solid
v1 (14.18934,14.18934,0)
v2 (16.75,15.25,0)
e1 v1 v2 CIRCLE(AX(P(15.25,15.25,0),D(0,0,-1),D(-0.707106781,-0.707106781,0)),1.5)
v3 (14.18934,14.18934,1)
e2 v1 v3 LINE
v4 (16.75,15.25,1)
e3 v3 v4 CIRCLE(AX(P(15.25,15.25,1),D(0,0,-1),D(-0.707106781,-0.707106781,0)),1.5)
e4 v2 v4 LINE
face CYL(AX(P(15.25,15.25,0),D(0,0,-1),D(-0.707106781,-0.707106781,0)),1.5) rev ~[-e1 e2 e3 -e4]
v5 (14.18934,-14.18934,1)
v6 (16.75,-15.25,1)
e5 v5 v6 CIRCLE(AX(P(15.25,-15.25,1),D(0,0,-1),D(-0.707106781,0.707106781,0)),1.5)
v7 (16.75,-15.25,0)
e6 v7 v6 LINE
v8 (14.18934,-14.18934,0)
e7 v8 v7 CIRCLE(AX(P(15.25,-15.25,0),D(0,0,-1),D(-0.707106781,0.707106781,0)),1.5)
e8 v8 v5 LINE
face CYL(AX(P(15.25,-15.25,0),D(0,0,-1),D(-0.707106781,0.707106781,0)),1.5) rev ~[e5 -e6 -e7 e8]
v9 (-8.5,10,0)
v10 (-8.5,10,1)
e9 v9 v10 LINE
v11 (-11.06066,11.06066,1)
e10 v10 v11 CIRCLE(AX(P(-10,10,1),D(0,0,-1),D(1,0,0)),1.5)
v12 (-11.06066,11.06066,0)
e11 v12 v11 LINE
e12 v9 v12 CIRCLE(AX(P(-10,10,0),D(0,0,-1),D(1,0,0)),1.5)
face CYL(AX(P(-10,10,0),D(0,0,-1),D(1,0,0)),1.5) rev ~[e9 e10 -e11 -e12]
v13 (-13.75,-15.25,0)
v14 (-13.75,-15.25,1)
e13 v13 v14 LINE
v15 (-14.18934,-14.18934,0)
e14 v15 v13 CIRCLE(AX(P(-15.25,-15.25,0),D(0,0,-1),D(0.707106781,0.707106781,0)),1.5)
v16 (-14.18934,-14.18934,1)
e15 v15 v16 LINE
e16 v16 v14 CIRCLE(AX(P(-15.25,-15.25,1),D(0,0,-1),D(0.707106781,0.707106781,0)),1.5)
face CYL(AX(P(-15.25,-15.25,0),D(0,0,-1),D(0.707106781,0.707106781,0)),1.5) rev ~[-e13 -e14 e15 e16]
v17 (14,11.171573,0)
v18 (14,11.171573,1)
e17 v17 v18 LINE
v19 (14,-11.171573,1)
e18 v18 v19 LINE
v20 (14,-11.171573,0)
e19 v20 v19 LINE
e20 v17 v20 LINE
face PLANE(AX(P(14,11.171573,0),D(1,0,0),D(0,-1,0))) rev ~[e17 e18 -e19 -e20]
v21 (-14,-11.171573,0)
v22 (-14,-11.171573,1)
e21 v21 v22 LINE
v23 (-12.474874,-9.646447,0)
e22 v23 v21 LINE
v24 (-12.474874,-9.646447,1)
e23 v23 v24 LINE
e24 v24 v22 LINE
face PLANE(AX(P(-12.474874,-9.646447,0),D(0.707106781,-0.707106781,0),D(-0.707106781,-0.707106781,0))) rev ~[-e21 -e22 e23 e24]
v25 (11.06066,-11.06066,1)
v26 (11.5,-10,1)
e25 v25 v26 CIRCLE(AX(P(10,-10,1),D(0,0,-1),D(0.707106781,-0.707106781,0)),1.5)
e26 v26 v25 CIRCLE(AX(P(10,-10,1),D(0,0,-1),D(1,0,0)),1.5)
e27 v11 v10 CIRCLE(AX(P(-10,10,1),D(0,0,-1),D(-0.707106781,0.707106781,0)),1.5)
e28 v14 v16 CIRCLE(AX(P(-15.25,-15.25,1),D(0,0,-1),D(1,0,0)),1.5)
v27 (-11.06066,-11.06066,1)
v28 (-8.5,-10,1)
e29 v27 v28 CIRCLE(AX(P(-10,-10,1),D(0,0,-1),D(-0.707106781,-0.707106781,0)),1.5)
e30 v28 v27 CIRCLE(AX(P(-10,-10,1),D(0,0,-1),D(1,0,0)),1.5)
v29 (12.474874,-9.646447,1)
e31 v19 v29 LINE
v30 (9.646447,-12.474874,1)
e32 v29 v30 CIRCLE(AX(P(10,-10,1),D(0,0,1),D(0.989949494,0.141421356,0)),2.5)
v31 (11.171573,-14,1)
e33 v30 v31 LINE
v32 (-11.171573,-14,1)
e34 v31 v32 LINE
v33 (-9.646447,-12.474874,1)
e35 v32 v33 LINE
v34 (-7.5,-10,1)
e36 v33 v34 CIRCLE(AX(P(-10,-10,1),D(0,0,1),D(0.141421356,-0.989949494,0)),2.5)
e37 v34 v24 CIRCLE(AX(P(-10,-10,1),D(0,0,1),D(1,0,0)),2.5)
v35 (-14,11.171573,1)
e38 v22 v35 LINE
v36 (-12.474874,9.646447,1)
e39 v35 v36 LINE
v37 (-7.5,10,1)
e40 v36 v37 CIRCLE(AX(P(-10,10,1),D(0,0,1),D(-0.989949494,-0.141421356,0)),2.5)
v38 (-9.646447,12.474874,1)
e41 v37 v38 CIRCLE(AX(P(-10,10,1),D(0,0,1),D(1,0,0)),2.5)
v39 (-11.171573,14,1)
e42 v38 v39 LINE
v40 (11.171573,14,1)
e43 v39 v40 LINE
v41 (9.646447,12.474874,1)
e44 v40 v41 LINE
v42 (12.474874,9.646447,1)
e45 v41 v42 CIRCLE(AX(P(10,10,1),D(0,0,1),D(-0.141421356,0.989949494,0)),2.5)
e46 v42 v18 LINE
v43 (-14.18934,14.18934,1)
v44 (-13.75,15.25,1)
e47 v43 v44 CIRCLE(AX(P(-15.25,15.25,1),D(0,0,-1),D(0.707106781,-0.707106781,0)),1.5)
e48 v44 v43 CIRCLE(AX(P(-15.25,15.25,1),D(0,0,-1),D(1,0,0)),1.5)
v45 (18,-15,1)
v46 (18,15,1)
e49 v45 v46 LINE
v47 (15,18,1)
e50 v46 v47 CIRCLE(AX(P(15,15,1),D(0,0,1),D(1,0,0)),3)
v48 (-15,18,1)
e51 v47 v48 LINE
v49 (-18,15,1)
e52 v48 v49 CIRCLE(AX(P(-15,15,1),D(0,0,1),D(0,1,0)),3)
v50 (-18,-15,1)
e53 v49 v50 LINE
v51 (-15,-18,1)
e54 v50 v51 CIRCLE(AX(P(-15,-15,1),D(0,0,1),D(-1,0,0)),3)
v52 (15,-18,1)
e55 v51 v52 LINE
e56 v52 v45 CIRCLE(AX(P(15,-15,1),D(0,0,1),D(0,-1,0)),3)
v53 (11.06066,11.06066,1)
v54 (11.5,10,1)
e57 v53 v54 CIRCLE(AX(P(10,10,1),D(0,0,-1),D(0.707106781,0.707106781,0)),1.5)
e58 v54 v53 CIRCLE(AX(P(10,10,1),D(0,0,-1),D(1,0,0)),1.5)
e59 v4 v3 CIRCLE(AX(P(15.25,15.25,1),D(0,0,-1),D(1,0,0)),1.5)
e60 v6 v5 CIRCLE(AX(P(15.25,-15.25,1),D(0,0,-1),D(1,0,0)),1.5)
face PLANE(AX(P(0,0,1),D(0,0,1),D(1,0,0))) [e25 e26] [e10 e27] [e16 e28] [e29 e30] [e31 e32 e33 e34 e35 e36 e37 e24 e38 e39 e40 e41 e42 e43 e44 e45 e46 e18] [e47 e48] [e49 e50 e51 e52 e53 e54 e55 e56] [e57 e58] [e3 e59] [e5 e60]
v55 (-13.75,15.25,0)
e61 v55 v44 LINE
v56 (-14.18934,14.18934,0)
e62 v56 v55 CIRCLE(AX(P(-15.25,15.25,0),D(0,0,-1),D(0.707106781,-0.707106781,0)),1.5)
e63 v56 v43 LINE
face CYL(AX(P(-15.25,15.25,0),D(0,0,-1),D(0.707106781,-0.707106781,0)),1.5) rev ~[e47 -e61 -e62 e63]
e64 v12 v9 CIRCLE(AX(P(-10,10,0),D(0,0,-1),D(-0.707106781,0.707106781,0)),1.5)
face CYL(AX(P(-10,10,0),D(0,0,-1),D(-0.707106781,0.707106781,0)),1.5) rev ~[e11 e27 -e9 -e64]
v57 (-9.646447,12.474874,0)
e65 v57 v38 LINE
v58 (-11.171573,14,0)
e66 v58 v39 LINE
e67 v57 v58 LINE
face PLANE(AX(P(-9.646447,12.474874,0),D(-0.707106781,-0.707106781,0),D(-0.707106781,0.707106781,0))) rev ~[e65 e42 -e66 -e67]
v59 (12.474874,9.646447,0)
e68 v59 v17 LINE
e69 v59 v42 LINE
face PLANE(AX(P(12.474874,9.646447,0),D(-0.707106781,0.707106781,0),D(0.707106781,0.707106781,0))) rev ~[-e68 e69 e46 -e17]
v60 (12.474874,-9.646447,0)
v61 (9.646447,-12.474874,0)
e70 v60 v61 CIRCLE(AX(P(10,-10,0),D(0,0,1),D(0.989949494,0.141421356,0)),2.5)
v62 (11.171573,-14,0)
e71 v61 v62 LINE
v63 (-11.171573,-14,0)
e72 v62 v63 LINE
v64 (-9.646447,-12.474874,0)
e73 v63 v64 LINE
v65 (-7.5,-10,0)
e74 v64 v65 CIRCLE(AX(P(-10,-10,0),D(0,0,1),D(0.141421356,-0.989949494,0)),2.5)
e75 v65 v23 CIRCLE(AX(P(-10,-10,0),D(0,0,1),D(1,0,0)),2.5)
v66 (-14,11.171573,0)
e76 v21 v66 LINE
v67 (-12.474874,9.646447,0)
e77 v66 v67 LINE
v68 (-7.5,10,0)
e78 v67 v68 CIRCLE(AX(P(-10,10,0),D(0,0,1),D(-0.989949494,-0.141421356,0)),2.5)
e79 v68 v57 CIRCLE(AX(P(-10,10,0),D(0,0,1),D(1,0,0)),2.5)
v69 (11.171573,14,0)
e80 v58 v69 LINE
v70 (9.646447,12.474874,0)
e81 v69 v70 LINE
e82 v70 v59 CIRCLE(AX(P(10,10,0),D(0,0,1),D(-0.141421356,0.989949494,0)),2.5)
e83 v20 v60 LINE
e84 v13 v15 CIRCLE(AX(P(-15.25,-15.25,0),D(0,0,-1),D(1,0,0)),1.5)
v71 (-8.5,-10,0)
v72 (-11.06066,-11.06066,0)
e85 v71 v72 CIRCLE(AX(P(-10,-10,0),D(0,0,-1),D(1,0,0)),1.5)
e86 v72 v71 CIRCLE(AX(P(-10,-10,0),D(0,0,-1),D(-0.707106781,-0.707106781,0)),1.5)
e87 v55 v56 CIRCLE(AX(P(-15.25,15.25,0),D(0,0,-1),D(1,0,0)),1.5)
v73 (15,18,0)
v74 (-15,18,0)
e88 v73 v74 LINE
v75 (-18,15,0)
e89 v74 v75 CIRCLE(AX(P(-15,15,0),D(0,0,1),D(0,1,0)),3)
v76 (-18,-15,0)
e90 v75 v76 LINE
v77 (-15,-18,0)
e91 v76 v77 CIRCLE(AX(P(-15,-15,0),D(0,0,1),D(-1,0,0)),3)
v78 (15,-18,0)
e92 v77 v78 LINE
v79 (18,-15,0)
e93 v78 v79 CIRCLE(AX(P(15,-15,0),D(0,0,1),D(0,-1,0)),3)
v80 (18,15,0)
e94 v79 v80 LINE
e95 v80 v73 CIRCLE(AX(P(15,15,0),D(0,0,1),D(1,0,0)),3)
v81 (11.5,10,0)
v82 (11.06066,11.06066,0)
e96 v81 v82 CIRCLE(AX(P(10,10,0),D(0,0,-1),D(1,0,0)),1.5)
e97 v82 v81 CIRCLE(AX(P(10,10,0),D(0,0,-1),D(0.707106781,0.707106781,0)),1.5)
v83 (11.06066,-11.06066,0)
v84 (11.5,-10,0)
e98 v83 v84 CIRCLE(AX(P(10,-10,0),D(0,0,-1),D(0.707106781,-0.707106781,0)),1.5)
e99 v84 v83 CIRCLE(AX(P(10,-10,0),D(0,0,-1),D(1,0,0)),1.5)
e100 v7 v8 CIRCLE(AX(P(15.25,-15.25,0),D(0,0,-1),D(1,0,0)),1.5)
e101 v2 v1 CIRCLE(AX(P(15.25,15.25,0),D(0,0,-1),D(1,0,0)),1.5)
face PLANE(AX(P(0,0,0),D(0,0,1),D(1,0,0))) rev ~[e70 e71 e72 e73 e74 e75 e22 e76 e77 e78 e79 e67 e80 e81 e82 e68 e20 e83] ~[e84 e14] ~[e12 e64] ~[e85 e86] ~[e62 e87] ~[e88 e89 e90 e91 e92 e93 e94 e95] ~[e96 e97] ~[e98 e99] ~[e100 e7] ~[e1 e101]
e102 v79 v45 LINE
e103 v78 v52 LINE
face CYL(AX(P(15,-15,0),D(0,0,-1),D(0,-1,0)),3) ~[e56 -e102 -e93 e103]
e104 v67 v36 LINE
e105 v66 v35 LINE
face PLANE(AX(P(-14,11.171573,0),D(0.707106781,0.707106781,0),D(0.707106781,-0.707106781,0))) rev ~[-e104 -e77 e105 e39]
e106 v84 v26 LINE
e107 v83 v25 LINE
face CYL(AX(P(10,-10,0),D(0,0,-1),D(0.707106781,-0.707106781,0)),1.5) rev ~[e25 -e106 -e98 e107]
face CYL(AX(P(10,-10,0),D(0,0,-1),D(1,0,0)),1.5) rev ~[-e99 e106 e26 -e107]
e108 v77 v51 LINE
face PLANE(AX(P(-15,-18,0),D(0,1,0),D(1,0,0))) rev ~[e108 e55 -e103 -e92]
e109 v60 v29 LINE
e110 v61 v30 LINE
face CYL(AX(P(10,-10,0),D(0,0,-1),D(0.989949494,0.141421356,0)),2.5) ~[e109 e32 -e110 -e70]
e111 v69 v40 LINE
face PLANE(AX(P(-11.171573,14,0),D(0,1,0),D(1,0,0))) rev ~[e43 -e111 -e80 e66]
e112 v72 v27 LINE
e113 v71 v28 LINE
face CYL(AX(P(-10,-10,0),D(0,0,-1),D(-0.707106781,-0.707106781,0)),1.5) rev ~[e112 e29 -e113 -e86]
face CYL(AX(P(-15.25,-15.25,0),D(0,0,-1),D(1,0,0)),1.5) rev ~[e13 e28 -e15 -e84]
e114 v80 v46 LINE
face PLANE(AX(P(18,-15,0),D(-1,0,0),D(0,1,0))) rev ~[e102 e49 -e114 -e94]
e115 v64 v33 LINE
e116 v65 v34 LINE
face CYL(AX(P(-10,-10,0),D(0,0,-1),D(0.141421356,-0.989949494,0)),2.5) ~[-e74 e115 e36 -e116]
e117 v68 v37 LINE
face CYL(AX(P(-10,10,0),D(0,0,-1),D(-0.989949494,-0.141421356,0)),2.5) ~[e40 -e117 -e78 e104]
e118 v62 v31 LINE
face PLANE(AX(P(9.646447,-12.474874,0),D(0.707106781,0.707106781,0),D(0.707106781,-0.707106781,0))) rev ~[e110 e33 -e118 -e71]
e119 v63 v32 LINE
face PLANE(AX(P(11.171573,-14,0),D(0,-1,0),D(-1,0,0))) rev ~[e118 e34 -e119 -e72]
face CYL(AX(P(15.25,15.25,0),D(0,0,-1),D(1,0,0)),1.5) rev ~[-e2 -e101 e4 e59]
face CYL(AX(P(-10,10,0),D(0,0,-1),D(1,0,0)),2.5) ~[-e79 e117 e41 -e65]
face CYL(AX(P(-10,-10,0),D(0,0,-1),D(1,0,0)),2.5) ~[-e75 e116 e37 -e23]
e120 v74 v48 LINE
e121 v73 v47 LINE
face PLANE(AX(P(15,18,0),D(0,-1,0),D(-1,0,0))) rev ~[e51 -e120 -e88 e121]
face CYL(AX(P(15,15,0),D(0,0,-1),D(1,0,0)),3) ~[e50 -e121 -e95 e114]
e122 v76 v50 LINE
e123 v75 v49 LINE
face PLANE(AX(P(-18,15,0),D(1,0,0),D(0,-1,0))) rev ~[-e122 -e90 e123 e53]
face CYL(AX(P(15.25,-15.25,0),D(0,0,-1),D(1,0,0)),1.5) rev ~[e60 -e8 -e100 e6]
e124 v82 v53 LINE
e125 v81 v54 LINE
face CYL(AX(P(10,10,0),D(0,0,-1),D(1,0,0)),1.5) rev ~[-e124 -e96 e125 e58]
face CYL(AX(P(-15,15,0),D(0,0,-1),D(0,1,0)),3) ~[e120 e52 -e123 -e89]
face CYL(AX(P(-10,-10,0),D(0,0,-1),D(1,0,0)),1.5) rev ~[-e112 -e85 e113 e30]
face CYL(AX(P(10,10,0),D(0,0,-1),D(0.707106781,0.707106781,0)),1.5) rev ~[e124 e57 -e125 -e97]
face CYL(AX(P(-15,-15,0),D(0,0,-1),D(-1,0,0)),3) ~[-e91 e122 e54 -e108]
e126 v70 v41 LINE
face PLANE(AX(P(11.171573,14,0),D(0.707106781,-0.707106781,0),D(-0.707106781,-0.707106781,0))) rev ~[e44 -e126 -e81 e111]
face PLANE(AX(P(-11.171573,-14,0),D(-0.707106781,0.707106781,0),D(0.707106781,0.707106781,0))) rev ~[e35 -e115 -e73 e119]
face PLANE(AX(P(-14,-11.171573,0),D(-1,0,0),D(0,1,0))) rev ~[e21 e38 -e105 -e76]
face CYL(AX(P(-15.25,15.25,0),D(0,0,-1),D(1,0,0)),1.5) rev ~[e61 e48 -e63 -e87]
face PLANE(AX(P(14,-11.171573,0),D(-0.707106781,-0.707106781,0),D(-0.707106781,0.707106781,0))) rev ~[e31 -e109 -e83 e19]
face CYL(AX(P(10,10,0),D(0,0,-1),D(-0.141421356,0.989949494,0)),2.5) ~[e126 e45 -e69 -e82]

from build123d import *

# Parameters (mm, degrees)
F1_DEPTH = 1


with BuildPart() as f1:
    # F0 (on Top) → F1 (new body)
    with BuildSketch(Plane.XY):
        with BuildLine():
            Line((15, 18), (-15, 18))
            ThreePointArc((-15, 18), (-17.1213203436, 17.1213203436), (-18, 15))
            Line((-18, 15), (-18, -15))
            ThreePointArc((-18, -15), (-17.1213203436, -17.1213203436), (-15, -18))
            Line((-15, -18), (15, -18))
            ThreePointArc((15, -18), (17.1213203436, -17.1213203436), (18, -15))
            Line((18, -15), (18, 15))
            ThreePointArc((18, 15), (17.1213203436, 17.1213203436), (15, 18))
        make_face()
        with BuildLine():
            ThreePointArc((-13.75, -15.25), (-16.6358192988, -15.8240251485), (-14.1893398282, -14.1893398282))
            ThreePointArc((-14.1893398282, -14.1893398282), (-13.8641807012, -14.6759748515), (-13.75, -15.25))
        make_face(mode=Mode.SUBTRACT)
        with BuildLine():
            ThreePointArc((16.75, -15.25), (14.6759748515, -16.6358192988), (14.1893398282, -14.1893398282))
            ThreePointArc((14.1893398282, -14.1893398282), (15.8240251485, -13.8641807012), (16.75, -15.25))
        make_face(mode=Mode.SUBTRACT)
        with BuildLine():
            ThreePointArc((-13.75, 15.25), (-13.8641807012, 14.6759748515), (-14.1893398282, 14.1893398282))
            ThreePointArc((-14.1893398282, 14.1893398282), (-16.6358192988, 15.8240251485), (-13.75, 15.25))
        make_face(mode=Mode.SUBTRACT)
        Polygon((-14, 11.1715728753), (-14, 14), (-11.1715728753, 14), (11.1715728753, 14), (14, 14), (14, 11.1715728753), (14, -11.1715728753), (14, -14), (11.1715728753, -14), (-11.1715728753, -14), (-14, -14), (-14, -11.1715728753), align=None, mode=Mode.SUBTRACT)
        with BuildLine():
            ThreePointArc((16.75, 15.25), (15.8240251485, 13.8641807012), (14.1893398282, 14.1893398282))
            ThreePointArc((14.1893398282, 14.1893398282), (14.6759748515, 16.6358192988), (16.75, 15.25))
        make_face(mode=Mode.SUBTRACT)
        with BuildLine():
            Line((-14, 14), (-11.767766953, 11.767766953))
            ThreePointArc((-11.767766953, 11.767766953), (-10.790569415, 12.3717082451), (-9.6464466094, 12.4748737342))
            Line((-9.6464466094, 12.4748737342), (-11.1715728753, 14))
            Line((-11.1715728753, 14), (-14, 14))
        make_face()
        with BuildLine():
            ThreePointArc((-12.4748737342, 9.6464466094), (-12.3717082451, 10.790569415), (-11.767766953, 11.767766953))
            Line((-11.767766953, 11.767766953), (-14, 14))
            Line((-14, 14), (-14, 11.1715728753))
            Line((-14, 11.1715728753), (-12.4748737342, 9.6464466094))
        make_face()
        with BuildLine():
            ThreePointArc((-9.6464466094, 12.4748737342), (-10.790569415, 12.3717082451), (-11.767766953, 11.767766953))
            ThreePointArc((-11.767766953, 11.767766953), (-12.3717082451, 10.790569415), (-12.4748737342, 9.6464466094))
            ThreePointArc((-12.4748737342, 9.6464466094), (-9.8227774498, 7.506289478), (-7.5, 10))
            ThreePointArc((-7.5, 10), (-8.1113651125, 11.6380043534), (-9.6464466094, 12.4748737342))
        make_face()
        with BuildLine():
            ThreePointArc((-11.0606601718, 11.0606601718), (-9.4259748515, 11.3858192988), (-8.5, 10))
            ThreePointArc((-8.5, 10), (-10.5740251485, 8.6141807012), (-11.0606601718, 11.0606601718))
        make_face(mode=Mode.SUBTRACT)
        with BuildLine():
            Line((14, 14), (11.1715728753, 14))
            Line((11.1715728753, 14), (9.6464466094, 12.4748737342))
            ThreePointArc((9.6464466094, 12.4748737342), (10.790569415, 12.3717082451), (11.767766953, 11.767766953))
            Line((11.767766953, 11.767766953), (14, 14))
        make_face()
        with BuildLine():
            Line((14, 11.1715728753), (14, 14))
            Line((14, 14), (11.767766953, 11.767766953))
            ThreePointArc((11.767766953, 11.767766953), (12.3096988313, 10.9567085809), (12.5, 10))
            ThreePointArc((12.5, 10), (12.493710522, 9.8227774498), (12.4748737342, 9.6464466094))
            Line((12.4748737342, 9.6464466094), (14, 11.1715728753))
        make_face()
        with BuildLine():
            ThreePointArc((11.767766953, 11.767766953), (10.790569415, 12.3717082451), (9.6464466094, 12.4748737342))
            ThreePointArc((9.6464466094, 12.4748737342), (8.232233047, 8.232233047), (12.4748737342, 9.6464466094))
            ThreePointArc((12.4748737342, 9.6464466094), (12.493710522, 9.8227774498), (12.5, 10))
            ThreePointArc((12.5, 10), (12.3096988313, 10.9567085809), (11.767766953, 11.767766953))
        make_face()
        with BuildLine():
            ThreePointArc((11.5, 10), (8.6141807012, 9.4259748515), (11.0606601718, 11.0606601718))
            ThreePointArc((11.0606601718, 11.0606601718), (11.3858192988, 10.5740251485), (11.5, 10))
        make_face(mode=Mode.SUBTRACT)
        with BuildLine():
            Line((14, -14), (14, -11.1715728753))
            Line((14, -11.1715728753), (12.4748737342, -9.6464466094))
            ThreePointArc((12.4748737342, -9.6464466094), (12.493710522, -9.8227774498), (12.5, -10))
            ThreePointArc((12.5, -10), (12.3096988313, -10.9567085809), (11.767766953, -11.767766953))
            Line((11.767766953, -11.767766953), (14, -14))
        make_face()
        with BuildLine():
            Line((9.6464466094, -12.4748737342), (11.1715728753, -14))
            Line((11.1715728753, -14), (14, -14))
            Line((14, -14), (11.767766953, -11.767766953))
            ThreePointArc((11.767766953, -11.767766953), (10.790569415, -12.3717082451), (9.6464466094, -12.4748737342))
        make_face()
        with BuildLine():
            ThreePointArc((12.5, -10), (12.493710522, -9.8227774498), (12.4748737342, -9.6464466094))
            ThreePointArc((12.4748737342, -9.6464466094), (8.232233047, -8.232233047), (9.6464466094, -12.4748737342))
            ThreePointArc((9.6464466094, -12.4748737342), (10.790569415, -12.3717082451), (11.767766953, -11.767766953))
            ThreePointArc((11.767766953, -11.767766953), (12.3096988313, -10.9567085809), (12.5, -10))
        make_face()
        with BuildLine():
            ThreePointArc((11.5, -10), (11.3858192988, -10.5740251485), (11.0606601718, -11.0606601718))
            ThreePointArc((11.0606601718, -11.0606601718), (8.6141807012, -9.4259748515), (11.5, -10))
        make_face(mode=Mode.SUBTRACT)
        with BuildLine():
            ThreePointArc((-7.5, -10), (-9.8227774498, -7.506289478), (-12.4748737342, -9.6464466094))
            ThreePointArc((-12.4748737342, -9.6464466094), (-12.3717082451, -10.790569415), (-11.767766953, -11.767766953))
            ThreePointArc((-11.767766953, -11.767766953), (-10.790569415, -12.3717082451), (-9.6464466094, -12.4748737342))
            ThreePointArc((-9.6464466094, -12.4748737342), (-8.1113651125, -11.6380043534), (-7.5, -10))
        make_face()
        with BuildLine():
            ThreePointArc((-8.5, -10), (-9.4259748515, -11.3858192988), (-11.0606601718, -11.0606601718))
            ThreePointArc((-11.0606601718, -11.0606601718), (-10.5740251485, -8.6141807012), (-8.5, -10))
        make_face(mode=Mode.SUBTRACT)
        with BuildLine():
            Line((-12.4748737342, -9.6464466094), (-14, -11.1715728753))
            Line((-14, -11.1715728753), (-14, -14))
            Line((-14, -14), (-11.767766953, -11.767766953))
            ThreePointArc((-11.767766953, -11.767766953), (-12.3717082451, -10.790569415), (-12.4748737342, -9.6464466094))
        make_face()
        with BuildLine():
            Line((-11.767766953, -11.767766953), (-14, -14))
            Line((-14, -14), (-11.1715728753, -14))
            Line((-11.1715728753, -14), (-9.6464466094, -12.4748737342))
            ThreePointArc((-9.6464466094, -12.4748737342), (-10.790569415, -12.3717082451), (-11.767766953, -11.767766953))
        make_face()
    extrude(amount=F1_DEPTH)


solid = f1.part
